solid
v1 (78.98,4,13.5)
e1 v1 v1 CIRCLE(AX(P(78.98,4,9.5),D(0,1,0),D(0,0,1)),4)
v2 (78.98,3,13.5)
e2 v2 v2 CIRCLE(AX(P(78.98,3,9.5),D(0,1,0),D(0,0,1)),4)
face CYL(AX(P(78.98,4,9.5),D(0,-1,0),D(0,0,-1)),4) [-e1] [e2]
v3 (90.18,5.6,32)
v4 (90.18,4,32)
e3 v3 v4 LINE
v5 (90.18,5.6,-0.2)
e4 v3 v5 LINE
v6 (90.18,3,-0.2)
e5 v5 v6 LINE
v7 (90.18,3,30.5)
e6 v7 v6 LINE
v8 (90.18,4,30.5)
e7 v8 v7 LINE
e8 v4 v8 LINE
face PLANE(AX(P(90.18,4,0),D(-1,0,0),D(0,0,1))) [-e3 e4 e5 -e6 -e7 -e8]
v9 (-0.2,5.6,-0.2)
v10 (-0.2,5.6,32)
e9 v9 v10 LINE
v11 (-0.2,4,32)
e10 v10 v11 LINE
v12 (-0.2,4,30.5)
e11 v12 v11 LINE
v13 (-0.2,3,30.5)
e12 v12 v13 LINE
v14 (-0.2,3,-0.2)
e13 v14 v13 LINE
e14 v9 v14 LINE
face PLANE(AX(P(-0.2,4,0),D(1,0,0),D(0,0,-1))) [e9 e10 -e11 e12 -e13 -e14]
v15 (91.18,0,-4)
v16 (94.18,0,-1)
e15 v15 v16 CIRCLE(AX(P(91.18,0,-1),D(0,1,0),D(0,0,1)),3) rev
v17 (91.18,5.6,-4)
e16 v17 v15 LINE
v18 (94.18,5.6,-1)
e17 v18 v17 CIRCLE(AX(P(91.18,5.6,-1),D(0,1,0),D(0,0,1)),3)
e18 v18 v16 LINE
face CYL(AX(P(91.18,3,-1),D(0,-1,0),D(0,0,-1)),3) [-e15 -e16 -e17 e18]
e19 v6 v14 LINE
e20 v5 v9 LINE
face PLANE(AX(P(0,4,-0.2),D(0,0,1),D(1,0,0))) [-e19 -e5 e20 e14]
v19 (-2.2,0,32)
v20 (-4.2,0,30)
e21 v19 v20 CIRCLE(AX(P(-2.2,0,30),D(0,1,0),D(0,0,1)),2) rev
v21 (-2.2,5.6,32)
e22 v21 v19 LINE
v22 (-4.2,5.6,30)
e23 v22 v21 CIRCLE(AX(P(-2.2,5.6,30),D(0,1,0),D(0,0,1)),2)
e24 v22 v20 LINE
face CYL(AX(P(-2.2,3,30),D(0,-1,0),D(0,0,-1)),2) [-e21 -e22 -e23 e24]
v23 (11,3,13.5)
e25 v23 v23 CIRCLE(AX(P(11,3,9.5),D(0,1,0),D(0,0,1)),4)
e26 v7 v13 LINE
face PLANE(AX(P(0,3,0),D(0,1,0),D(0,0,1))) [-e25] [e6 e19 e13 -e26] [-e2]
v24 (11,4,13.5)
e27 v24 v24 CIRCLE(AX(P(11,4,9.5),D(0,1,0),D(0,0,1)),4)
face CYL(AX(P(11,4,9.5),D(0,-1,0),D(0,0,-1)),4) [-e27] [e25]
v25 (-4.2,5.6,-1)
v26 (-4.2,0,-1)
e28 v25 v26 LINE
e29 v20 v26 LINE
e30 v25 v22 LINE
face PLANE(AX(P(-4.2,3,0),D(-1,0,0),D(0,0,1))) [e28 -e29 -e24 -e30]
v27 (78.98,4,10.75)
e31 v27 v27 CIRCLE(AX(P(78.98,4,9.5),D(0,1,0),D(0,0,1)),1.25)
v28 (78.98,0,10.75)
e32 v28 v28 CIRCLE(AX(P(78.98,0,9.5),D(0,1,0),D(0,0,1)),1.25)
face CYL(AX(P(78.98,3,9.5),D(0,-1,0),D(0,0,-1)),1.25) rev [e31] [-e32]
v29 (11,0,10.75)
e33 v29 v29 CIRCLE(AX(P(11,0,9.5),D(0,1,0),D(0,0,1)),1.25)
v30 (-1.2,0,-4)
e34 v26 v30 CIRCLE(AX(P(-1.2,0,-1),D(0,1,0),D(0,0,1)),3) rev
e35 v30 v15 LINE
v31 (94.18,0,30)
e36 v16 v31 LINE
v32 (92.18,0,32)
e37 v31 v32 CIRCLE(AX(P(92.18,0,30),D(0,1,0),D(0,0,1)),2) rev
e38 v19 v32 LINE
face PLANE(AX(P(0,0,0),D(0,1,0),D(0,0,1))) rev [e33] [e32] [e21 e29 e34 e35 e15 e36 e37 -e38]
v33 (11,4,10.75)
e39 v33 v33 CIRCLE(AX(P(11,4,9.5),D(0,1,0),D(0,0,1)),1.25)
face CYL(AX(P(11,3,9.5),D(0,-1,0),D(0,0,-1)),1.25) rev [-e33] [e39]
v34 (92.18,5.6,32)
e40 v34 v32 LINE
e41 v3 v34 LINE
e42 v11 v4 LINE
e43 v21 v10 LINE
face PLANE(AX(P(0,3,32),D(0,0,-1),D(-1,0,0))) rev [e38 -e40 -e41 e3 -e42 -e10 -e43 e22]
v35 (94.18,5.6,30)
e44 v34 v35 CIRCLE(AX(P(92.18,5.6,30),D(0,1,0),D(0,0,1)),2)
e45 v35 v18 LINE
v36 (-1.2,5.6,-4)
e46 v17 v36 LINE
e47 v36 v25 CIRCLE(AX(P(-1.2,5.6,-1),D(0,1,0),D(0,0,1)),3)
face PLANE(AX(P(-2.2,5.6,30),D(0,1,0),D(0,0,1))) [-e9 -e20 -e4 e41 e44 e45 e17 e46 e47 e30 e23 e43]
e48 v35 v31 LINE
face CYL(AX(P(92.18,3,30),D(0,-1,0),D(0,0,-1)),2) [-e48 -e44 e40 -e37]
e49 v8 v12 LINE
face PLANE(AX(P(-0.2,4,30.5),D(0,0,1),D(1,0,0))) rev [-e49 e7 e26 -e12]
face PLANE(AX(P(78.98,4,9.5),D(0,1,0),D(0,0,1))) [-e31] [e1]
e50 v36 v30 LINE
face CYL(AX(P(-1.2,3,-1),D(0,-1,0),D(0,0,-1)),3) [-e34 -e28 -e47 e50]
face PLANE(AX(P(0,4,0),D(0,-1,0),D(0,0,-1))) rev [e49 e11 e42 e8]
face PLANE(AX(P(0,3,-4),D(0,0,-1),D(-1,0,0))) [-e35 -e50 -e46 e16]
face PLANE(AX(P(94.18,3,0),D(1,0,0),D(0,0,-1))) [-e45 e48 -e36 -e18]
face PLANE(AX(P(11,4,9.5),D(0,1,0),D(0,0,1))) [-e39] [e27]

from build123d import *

# Parameters (mm, degrees)
SKETCH1_W           = 89.98
SKETCH1_H           = 32
SKETCH1_R           = 4
SKETCH1_R_2         = 1.25
BOSS_EXTRUDE1_DEPTH = 3
BOSS_EXTRUDE2_START = 3
SKETCH1_5_R         = 4
SKETCH1_5_R_2       = 1.25
BOSS_EXTRUDE2_DEPTH = 1
BOSS_EXTRUDE3_START = 4
BOSS_EXTRUDE3_DEPTH = 1.6
SKETCH2_W           = 90.38
SKETCH2_H           = 1.5
BOSS_EXTRUDE4_DEPTH = 1


with BuildPart() as part:
    # Sketch1 → Boss-Extrude1 (new body)
    # profile 1 of 5: a face of its own
    with BuildSketch(Plane(origin=(0, 0, 0), x_dir=(1, 0, 0), z_dir=(0, 1, 0))):
        with Locations((44.99, -16)):
            Rectangle(SKETCH1_W, SKETCH1_H)
        with Locations((78.98, -9.5)):
            Circle(SKETCH1_R, mode=Mode.SUBTRACT)
        with Locations((11, -9.5)):
            Circle(SKETCH1_R, mode=Mode.SUBTRACT)
    # profile 2 of 5: a face of its own
    with BuildSketch(Plane(origin=(0, 0, 0), x_dir=(1, 0, 0), z_dir=(0, 1, 0))):
        with Locations((11, -9.5)):
            Circle(SKETCH1_R)
        with Locations(Location((11, -9.5, 0), (0, 0, 270))):
            Circle(SKETCH1_R_2, mode=Mode.SUBTRACT)
    # profile 3 of 5: a face of its own
    with BuildSketch(Plane(origin=(0, 0, 0), x_dir=(1, 0, 0), z_dir=(0, 1, 0))):
        Polygon((90.18, -32), (89.98, -32), (89.98, 0), (0, 0), (0, -32), (-0.2, -32), (-0.2, 0.2), (90.18, 0.2), align=None)
    # profile 4 of 5: a face of its own
    with BuildSketch(Plane(origin=(0, 0, 0), x_dir=(1, 0, 0), z_dir=(0, 1, 0))):
        with BuildLine():
            ThreePointArc((-2.2, -32), (-3.614213562, -31.414213562), (-4.2, -30))
            Line((-4.2, -30), (-4.2, 1))
            ThreePointArc((-4.2, 1), (-3.321320344, 3.121320344), (-1.2, 4))
            Line((-1.2, 4), (91.18, 4))
            ThreePointArc((91.18, 4), (93.301320344, 3.121320344), (94.18, 1))
            Line((94.18, 1), (94.18, -30))
            ThreePointArc((94.18, -30), (93.594213562, -31.414213562), (92.18, -32))
            Line((92.18, -32), (90.18, -32))
            Line((90.18, -32), (90.18, 0.2))
            Line((90.18, 0.2), (-0.2, 0.2))
            Line((-0.2, 0.2), (-0.2, -32))
            Line((-0.2, -32), (-2.2, -32))
        make_face()
    # profile 5 of 5: a face of its own
    with BuildSketch(Plane(origin=(0, 0, 0), x_dir=(1, 0, 0), z_dir=(0, 1, 0))):
        with Locations((78.98, -9.5)):
            Circle(SKETCH1_R)
        with Locations(Location((78.98, -9.5, 0), (0, 0, 270))):
            Circle(SKETCH1_R_2, mode=Mode.SUBTRACT)
    extrude(amount=BOSS_EXTRUDE1_DEPTH)

    # Sketch1<5> → Boss-Extrude2 (add)
    # profile 1 of 3: a face of its own
    with BuildSketch(Plane(origin=(0, 0, 0), x_dir=(1, 0, 0), z_dir=(0, 1, 0)).offset(BOSS_EXTRUDE2_START)):
        with Locations(Location((11, -9.5, 0), (0, 0, 270))):
            Circle(SKETCH1_5_R)
        with Locations(Location((11, -9.5, 0), (0, 0, 270))):
            Circle(SKETCH1_5_R_2, mode=Mode.SUBTRACT)
    # profile 2 of 3: a face of its own
    with BuildSketch(Plane(origin=(0, 0, 0), x_dir=(1, 0, 0), z_dir=(0, 1, 0)).offset(BOSS_EXTRUDE2_START)):
        with BuildLine():
            ThreePointArc((-2.2, -32), (-3.614213562, -31.414213562), (-4.2, -30))
            Line((-4.2, -30), (-4.2, 1))
            ThreePointArc((-4.2, 1), (-3.321320344, 3.121320344), (-1.2, 4))
            Line((-1.2, 4), (91.18, 4))
            ThreePointArc((91.18, 4), (93.301320344, 3.121320344), (94.18, 1))
            Line((94.18, 1), (94.18, -30))
            ThreePointArc((94.18, -30), (93.594213562, -31.414213562), (92.18, -32))
            Line((92.18, -32), (90.18, -32))
            Line((90.18, -32), (90.18, 0.2))
            Line((90.18, 0.2), (-0.2, 0.2))
            Line((-0.2, 0.2), (-0.2, -32))
            Line((-0.2, -32), (-2.2, -32))
        make_face()
    # profile 3 of 3: a face of its own
    with BuildSketch(Plane(origin=(0, 0, 0), x_dir=(1, 0, 0), z_dir=(0, 1, 0)).offset(BOSS_EXTRUDE2_START)):
        with Locations(Location((78.98, -9.5, 0), (0, 0, 270))):
            Circle(SKETCH1_5_R)
        with Locations(Location((78.98, -9.5, 0), (0, 0, 270))):
            Circle(SKETCH1_5_R_2, mode=Mode.SUBTRACT)
    extrude(amount=BOSS_EXTRUDE2_DEPTH)

    # Sketch1<6> → Boss-Extrude3 (add)
    with BuildSketch(Plane(origin=(0, 0, 0), x_dir=(1, 0, 0), z_dir=(0, 1, 0)).offset(BOSS_EXTRUDE3_START)):
        with BuildLine():
            ThreePointArc((-2.2, -32), (-3.614213562, -31.414213562), (-4.2, -30))
            Line((-4.2, -30), (-4.2, 1))
            ThreePointArc((-4.2, 1), (-3.321320344, 3.121320344), (-1.2, 4))
            Line((-1.2, 4), (91.18, 4))
            ThreePointArc((91.18, 4), (93.301320344, 3.121320344), (94.18, 1))
            Line((94.18, 1), (94.18, -30))
            ThreePointArc((94.18, -30), (93.594213562, -31.414213562), (92.18, -32))
            Line((92.18, -32), (90.18, -32))
            Line((90.18, -32), (90.18, 0.2))
            Line((90.18, 0.2), (-0.2, 0.2))
            Line((-0.2, 0.2), (-0.2, -32))
            Line((-0.2, -32), (-2.2, -32))
        make_face()
    extrude(amount=BOSS_EXTRUDE3_DEPTH)

    # Sketch2 → Boss-Extrude4 (add)
    with BuildSketch(Plane(origin=(0, 3, 0), x_dir=(1, 0, 0), z_dir=(0, 1, 0))):
        with Locations((44.99, -31.25)):
            Rectangle(SKETCH2_W, SKETCH2_H)
    extrude(amount=BOSS_EXTRUDE4_DEPTH)


solid = part.part
